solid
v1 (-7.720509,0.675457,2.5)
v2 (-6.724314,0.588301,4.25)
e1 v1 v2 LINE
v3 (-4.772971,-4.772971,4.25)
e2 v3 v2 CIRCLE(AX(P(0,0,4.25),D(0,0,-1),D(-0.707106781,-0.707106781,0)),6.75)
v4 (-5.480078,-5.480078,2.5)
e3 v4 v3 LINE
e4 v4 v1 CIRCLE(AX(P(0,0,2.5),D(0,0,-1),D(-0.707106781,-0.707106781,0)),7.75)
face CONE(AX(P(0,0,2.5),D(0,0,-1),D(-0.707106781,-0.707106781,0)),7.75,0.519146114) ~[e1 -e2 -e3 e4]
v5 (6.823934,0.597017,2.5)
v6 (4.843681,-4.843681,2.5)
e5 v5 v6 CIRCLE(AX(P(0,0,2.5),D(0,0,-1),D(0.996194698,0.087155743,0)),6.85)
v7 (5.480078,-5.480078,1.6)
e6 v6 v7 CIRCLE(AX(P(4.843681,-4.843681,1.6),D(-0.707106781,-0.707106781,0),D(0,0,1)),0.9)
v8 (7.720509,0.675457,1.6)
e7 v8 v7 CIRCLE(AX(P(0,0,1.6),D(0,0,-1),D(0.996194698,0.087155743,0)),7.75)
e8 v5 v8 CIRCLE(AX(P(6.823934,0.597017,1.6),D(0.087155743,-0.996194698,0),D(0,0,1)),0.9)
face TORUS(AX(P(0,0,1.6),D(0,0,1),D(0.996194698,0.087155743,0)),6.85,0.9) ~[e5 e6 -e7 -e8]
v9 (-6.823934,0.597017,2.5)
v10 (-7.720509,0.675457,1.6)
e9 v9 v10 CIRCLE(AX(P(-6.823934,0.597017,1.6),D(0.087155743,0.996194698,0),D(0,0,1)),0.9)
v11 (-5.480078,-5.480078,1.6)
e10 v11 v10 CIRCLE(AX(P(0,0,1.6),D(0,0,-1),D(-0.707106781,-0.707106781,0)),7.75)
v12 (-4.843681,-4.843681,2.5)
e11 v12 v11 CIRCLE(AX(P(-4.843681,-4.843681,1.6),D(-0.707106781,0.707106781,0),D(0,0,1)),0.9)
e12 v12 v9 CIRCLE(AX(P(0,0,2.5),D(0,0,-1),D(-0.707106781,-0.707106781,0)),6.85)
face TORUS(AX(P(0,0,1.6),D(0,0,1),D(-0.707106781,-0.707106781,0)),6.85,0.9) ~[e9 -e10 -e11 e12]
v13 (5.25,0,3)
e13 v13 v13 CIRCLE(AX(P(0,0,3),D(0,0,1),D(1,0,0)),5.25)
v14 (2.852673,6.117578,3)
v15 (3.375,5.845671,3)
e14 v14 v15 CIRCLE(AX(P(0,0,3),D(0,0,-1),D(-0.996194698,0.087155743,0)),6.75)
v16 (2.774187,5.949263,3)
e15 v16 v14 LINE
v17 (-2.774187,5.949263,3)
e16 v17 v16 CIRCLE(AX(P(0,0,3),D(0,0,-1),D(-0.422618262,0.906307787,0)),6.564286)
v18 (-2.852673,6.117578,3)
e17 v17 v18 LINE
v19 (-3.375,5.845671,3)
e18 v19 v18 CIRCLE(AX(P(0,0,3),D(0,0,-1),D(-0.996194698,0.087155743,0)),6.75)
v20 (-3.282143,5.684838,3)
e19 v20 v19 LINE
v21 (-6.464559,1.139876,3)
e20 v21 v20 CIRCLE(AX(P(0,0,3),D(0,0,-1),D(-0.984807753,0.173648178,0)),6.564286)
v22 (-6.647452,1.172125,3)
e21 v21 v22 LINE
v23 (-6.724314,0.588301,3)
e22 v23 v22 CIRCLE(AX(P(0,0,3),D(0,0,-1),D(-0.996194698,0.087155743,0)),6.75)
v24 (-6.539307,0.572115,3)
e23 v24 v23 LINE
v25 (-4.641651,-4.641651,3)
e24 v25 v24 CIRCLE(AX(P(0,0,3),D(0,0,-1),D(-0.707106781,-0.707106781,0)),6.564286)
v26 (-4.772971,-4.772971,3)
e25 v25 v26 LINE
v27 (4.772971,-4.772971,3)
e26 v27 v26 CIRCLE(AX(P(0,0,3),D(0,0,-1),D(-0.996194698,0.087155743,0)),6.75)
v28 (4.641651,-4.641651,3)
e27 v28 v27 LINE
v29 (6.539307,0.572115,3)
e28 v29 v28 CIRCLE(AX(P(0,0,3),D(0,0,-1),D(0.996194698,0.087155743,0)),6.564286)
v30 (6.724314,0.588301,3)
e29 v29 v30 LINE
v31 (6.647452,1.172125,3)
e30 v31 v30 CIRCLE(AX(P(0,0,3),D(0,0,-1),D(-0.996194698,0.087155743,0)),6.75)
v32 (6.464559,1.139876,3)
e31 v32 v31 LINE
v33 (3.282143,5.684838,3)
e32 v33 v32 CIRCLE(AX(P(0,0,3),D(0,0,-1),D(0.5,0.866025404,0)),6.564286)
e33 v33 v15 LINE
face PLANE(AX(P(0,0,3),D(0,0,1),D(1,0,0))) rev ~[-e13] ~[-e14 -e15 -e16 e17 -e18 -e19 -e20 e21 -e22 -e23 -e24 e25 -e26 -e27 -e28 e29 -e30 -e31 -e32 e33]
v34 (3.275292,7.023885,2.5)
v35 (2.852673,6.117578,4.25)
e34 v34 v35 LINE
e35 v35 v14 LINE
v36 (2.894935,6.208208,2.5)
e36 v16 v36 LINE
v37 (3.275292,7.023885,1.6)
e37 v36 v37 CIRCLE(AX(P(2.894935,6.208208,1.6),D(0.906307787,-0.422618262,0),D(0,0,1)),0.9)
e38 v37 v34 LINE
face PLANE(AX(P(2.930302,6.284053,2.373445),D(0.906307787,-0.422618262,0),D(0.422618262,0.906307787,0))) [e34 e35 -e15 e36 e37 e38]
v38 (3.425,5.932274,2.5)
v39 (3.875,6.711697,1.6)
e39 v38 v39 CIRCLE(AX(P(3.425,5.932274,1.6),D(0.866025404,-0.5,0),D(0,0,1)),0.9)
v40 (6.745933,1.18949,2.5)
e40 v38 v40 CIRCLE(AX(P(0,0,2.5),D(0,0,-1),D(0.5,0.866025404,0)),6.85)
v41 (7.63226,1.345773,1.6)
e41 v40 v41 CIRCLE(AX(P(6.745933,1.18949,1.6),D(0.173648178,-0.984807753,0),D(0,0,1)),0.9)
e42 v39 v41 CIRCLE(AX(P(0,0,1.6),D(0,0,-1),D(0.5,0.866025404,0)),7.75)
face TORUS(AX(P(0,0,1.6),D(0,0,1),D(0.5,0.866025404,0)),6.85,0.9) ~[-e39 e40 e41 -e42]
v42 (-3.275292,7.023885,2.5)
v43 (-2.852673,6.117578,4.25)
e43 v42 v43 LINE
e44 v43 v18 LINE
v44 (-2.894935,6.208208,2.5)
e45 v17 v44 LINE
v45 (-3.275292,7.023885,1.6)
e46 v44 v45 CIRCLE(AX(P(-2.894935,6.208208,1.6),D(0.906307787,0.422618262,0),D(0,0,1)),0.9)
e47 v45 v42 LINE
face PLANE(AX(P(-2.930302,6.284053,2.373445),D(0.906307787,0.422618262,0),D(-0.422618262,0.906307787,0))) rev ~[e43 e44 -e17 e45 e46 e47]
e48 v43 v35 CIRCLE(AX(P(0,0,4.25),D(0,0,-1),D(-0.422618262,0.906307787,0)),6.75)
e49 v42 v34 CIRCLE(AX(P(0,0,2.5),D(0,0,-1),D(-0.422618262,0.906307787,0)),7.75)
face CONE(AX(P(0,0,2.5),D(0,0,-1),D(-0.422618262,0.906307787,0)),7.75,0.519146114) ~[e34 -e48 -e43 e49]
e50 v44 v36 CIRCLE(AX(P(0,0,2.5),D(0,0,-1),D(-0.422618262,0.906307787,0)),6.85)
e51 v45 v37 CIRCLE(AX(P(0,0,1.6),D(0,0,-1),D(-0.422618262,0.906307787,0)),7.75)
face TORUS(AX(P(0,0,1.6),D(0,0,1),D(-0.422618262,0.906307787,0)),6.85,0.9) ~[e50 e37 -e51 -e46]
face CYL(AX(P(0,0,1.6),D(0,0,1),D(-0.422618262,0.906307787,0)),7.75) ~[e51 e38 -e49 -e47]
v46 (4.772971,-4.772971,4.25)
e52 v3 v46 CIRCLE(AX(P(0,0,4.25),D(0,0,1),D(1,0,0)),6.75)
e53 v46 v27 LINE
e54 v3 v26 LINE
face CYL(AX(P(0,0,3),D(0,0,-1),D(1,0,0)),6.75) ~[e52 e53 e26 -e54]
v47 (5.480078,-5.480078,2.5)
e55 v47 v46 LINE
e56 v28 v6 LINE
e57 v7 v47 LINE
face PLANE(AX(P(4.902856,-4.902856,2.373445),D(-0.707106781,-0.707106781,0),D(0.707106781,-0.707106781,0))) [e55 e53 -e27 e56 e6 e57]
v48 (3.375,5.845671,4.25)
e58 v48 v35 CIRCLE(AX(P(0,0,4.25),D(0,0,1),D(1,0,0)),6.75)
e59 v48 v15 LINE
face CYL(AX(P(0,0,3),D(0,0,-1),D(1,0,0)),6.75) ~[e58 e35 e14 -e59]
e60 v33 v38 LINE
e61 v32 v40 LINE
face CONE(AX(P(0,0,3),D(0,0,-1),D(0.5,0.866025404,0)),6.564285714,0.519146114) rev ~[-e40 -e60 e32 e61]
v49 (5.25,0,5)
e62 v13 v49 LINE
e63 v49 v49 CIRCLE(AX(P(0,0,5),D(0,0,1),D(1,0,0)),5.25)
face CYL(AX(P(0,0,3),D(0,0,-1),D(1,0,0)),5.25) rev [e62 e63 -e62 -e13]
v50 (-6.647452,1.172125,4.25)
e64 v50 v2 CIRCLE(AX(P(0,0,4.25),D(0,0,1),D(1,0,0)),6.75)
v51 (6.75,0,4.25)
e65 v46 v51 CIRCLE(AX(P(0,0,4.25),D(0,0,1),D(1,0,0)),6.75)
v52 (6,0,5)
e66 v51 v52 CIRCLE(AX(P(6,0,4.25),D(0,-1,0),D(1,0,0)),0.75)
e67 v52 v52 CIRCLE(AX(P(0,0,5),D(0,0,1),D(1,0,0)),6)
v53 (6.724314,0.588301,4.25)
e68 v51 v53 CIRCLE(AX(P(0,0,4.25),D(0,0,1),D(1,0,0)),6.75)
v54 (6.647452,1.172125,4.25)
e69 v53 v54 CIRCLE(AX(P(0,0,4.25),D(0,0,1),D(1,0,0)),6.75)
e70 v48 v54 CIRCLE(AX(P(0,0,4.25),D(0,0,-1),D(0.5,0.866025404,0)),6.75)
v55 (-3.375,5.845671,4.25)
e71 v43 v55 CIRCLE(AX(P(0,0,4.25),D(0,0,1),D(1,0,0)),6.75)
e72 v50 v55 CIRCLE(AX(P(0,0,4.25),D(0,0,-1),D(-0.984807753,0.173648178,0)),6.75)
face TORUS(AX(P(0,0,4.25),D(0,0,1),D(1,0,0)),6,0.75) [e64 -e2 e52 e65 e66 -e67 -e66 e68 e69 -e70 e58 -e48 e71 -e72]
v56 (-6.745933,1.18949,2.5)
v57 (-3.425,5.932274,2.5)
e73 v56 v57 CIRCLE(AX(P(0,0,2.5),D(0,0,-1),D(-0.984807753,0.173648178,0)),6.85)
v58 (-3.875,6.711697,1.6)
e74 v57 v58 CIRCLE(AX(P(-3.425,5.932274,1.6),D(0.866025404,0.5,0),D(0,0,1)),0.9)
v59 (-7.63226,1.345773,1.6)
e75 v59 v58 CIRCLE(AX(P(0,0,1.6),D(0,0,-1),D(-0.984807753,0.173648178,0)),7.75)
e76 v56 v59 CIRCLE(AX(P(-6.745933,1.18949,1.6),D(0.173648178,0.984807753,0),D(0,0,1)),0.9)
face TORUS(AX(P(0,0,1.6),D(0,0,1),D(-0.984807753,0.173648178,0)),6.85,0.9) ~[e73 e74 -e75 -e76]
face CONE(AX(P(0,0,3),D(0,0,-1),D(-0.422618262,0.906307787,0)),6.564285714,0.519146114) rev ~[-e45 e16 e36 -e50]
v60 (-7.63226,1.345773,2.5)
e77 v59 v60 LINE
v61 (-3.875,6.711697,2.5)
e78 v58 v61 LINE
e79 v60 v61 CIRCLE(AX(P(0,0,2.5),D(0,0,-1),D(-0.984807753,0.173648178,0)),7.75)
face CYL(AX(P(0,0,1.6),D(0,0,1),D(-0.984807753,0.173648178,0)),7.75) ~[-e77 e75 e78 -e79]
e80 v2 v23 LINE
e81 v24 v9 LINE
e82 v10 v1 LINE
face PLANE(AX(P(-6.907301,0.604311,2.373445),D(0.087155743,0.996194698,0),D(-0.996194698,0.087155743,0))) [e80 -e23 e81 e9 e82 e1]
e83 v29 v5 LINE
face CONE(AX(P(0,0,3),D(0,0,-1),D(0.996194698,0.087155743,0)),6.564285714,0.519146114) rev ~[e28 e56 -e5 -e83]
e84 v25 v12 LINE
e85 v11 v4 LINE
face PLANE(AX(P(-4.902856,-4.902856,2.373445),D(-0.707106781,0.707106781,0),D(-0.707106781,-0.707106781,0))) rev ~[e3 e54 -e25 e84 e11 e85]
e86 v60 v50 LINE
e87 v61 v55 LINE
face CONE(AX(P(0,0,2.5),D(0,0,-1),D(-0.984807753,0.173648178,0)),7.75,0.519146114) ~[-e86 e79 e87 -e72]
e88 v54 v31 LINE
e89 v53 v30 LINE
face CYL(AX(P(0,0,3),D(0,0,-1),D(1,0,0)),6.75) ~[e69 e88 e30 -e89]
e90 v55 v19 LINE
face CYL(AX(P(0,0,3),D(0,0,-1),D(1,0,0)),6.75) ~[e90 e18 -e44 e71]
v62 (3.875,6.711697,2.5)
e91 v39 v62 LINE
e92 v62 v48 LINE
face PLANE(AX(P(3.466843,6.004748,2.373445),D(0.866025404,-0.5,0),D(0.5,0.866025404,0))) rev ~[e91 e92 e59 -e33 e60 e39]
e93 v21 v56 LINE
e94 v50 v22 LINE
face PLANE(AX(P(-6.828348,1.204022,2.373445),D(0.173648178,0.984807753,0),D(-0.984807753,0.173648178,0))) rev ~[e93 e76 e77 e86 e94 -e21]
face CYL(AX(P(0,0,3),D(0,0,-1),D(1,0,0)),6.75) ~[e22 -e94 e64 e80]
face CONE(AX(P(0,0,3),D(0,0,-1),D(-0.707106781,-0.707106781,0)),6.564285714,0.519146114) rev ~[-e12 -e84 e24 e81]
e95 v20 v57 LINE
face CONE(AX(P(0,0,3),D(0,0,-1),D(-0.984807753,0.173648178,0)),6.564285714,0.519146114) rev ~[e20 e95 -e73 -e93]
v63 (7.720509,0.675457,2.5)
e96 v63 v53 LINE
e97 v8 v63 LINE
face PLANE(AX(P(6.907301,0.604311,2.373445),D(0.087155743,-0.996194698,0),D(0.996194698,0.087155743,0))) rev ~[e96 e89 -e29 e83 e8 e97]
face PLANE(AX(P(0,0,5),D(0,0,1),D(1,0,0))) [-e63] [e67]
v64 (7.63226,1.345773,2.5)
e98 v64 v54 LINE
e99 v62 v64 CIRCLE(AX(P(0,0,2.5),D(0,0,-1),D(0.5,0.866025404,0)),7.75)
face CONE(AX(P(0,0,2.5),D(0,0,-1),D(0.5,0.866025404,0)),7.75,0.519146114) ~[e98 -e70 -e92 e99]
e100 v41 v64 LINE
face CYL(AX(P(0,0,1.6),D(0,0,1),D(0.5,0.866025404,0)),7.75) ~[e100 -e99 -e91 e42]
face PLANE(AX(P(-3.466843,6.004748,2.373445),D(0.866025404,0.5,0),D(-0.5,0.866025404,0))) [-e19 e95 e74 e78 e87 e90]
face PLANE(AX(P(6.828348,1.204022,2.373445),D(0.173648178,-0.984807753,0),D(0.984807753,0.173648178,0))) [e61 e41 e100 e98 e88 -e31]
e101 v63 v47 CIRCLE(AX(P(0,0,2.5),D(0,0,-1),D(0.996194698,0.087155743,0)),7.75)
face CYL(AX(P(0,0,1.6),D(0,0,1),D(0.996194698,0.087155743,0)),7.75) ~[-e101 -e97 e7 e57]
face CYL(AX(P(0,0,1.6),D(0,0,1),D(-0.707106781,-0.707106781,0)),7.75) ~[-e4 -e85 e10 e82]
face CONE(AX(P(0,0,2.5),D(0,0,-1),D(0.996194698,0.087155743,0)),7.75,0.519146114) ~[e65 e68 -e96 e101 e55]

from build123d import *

# Parameters (mm, degrees)
SKETCH012_R         = 6.75
SKETCH012_R_2       = 5.25
PAD005_DEPTH        = 2
FILLET_R            = 0.75
REVOLUTION002_ANGLE = -50
POLARPATTERN_COUNT  = 5
POLARPATTERN_ANGLE  = 220


with BuildPart() as part:
    # Sketch012 → Pad005 (new body)
    with BuildSketch(Plane.XY):
        Circle(SKETCH012_R)
        Circle(SKETCH012_R_2, mode=Mode.SUBTRACT)
    extrude(amount=PAD005_DEPTH)

    # Fillet
    fillet_edges = [part.edges().sort_by_distance(p)[0] for p in [
        (-6.75, 0, 2),
    ]]
    fillet(fillet_edges, radius=FILLET_R)

    # Sketch013 → Revolution002 (revolve)
    with BuildSketch(Plane(origin=(0, 0, 0), x_dir=(-0.7071067812, -0.7071067812, 0), z_dir=(-0.7071067812, 0.7071067812, 0))):
        with BuildLine():
            Line((7.75, -1.400000012), (7.75, -0.5))
            Line((7.75, -0.5), (6.75, 1.25))
            Line((6.75, 1.25), (6.5642857143, 0))
            Line((6.5642857143, 0), (6.85, -0.5))
            ThreePointArc((6.85, -0.5), (6.2136038927, -2.0363960988), (7.75, -1.400000012))
        make_face()
    revolution002 = revolve(axis=Axis((0, 0, 0), (0, 0, 1)), revolution_arc=REVOLUTION002_ANGLE)

    # PolarPattern: Revolution002 ×5 about axis
    polarpattern_axis = Axis((0, 0, 0), (0, 0, -1))
    for i in range(1, POLARPATTERN_COUNT):
        add(revolution002.rotate(polarpattern_axis, i * POLARPATTERN_ANGLE / (POLARPATTERN_COUNT - 1)))


with BuildPart() as part_1:
    # Body004 placement: moved
    add(part.part.moved(Location((0, 0, 3))))


solid = part_1.part
